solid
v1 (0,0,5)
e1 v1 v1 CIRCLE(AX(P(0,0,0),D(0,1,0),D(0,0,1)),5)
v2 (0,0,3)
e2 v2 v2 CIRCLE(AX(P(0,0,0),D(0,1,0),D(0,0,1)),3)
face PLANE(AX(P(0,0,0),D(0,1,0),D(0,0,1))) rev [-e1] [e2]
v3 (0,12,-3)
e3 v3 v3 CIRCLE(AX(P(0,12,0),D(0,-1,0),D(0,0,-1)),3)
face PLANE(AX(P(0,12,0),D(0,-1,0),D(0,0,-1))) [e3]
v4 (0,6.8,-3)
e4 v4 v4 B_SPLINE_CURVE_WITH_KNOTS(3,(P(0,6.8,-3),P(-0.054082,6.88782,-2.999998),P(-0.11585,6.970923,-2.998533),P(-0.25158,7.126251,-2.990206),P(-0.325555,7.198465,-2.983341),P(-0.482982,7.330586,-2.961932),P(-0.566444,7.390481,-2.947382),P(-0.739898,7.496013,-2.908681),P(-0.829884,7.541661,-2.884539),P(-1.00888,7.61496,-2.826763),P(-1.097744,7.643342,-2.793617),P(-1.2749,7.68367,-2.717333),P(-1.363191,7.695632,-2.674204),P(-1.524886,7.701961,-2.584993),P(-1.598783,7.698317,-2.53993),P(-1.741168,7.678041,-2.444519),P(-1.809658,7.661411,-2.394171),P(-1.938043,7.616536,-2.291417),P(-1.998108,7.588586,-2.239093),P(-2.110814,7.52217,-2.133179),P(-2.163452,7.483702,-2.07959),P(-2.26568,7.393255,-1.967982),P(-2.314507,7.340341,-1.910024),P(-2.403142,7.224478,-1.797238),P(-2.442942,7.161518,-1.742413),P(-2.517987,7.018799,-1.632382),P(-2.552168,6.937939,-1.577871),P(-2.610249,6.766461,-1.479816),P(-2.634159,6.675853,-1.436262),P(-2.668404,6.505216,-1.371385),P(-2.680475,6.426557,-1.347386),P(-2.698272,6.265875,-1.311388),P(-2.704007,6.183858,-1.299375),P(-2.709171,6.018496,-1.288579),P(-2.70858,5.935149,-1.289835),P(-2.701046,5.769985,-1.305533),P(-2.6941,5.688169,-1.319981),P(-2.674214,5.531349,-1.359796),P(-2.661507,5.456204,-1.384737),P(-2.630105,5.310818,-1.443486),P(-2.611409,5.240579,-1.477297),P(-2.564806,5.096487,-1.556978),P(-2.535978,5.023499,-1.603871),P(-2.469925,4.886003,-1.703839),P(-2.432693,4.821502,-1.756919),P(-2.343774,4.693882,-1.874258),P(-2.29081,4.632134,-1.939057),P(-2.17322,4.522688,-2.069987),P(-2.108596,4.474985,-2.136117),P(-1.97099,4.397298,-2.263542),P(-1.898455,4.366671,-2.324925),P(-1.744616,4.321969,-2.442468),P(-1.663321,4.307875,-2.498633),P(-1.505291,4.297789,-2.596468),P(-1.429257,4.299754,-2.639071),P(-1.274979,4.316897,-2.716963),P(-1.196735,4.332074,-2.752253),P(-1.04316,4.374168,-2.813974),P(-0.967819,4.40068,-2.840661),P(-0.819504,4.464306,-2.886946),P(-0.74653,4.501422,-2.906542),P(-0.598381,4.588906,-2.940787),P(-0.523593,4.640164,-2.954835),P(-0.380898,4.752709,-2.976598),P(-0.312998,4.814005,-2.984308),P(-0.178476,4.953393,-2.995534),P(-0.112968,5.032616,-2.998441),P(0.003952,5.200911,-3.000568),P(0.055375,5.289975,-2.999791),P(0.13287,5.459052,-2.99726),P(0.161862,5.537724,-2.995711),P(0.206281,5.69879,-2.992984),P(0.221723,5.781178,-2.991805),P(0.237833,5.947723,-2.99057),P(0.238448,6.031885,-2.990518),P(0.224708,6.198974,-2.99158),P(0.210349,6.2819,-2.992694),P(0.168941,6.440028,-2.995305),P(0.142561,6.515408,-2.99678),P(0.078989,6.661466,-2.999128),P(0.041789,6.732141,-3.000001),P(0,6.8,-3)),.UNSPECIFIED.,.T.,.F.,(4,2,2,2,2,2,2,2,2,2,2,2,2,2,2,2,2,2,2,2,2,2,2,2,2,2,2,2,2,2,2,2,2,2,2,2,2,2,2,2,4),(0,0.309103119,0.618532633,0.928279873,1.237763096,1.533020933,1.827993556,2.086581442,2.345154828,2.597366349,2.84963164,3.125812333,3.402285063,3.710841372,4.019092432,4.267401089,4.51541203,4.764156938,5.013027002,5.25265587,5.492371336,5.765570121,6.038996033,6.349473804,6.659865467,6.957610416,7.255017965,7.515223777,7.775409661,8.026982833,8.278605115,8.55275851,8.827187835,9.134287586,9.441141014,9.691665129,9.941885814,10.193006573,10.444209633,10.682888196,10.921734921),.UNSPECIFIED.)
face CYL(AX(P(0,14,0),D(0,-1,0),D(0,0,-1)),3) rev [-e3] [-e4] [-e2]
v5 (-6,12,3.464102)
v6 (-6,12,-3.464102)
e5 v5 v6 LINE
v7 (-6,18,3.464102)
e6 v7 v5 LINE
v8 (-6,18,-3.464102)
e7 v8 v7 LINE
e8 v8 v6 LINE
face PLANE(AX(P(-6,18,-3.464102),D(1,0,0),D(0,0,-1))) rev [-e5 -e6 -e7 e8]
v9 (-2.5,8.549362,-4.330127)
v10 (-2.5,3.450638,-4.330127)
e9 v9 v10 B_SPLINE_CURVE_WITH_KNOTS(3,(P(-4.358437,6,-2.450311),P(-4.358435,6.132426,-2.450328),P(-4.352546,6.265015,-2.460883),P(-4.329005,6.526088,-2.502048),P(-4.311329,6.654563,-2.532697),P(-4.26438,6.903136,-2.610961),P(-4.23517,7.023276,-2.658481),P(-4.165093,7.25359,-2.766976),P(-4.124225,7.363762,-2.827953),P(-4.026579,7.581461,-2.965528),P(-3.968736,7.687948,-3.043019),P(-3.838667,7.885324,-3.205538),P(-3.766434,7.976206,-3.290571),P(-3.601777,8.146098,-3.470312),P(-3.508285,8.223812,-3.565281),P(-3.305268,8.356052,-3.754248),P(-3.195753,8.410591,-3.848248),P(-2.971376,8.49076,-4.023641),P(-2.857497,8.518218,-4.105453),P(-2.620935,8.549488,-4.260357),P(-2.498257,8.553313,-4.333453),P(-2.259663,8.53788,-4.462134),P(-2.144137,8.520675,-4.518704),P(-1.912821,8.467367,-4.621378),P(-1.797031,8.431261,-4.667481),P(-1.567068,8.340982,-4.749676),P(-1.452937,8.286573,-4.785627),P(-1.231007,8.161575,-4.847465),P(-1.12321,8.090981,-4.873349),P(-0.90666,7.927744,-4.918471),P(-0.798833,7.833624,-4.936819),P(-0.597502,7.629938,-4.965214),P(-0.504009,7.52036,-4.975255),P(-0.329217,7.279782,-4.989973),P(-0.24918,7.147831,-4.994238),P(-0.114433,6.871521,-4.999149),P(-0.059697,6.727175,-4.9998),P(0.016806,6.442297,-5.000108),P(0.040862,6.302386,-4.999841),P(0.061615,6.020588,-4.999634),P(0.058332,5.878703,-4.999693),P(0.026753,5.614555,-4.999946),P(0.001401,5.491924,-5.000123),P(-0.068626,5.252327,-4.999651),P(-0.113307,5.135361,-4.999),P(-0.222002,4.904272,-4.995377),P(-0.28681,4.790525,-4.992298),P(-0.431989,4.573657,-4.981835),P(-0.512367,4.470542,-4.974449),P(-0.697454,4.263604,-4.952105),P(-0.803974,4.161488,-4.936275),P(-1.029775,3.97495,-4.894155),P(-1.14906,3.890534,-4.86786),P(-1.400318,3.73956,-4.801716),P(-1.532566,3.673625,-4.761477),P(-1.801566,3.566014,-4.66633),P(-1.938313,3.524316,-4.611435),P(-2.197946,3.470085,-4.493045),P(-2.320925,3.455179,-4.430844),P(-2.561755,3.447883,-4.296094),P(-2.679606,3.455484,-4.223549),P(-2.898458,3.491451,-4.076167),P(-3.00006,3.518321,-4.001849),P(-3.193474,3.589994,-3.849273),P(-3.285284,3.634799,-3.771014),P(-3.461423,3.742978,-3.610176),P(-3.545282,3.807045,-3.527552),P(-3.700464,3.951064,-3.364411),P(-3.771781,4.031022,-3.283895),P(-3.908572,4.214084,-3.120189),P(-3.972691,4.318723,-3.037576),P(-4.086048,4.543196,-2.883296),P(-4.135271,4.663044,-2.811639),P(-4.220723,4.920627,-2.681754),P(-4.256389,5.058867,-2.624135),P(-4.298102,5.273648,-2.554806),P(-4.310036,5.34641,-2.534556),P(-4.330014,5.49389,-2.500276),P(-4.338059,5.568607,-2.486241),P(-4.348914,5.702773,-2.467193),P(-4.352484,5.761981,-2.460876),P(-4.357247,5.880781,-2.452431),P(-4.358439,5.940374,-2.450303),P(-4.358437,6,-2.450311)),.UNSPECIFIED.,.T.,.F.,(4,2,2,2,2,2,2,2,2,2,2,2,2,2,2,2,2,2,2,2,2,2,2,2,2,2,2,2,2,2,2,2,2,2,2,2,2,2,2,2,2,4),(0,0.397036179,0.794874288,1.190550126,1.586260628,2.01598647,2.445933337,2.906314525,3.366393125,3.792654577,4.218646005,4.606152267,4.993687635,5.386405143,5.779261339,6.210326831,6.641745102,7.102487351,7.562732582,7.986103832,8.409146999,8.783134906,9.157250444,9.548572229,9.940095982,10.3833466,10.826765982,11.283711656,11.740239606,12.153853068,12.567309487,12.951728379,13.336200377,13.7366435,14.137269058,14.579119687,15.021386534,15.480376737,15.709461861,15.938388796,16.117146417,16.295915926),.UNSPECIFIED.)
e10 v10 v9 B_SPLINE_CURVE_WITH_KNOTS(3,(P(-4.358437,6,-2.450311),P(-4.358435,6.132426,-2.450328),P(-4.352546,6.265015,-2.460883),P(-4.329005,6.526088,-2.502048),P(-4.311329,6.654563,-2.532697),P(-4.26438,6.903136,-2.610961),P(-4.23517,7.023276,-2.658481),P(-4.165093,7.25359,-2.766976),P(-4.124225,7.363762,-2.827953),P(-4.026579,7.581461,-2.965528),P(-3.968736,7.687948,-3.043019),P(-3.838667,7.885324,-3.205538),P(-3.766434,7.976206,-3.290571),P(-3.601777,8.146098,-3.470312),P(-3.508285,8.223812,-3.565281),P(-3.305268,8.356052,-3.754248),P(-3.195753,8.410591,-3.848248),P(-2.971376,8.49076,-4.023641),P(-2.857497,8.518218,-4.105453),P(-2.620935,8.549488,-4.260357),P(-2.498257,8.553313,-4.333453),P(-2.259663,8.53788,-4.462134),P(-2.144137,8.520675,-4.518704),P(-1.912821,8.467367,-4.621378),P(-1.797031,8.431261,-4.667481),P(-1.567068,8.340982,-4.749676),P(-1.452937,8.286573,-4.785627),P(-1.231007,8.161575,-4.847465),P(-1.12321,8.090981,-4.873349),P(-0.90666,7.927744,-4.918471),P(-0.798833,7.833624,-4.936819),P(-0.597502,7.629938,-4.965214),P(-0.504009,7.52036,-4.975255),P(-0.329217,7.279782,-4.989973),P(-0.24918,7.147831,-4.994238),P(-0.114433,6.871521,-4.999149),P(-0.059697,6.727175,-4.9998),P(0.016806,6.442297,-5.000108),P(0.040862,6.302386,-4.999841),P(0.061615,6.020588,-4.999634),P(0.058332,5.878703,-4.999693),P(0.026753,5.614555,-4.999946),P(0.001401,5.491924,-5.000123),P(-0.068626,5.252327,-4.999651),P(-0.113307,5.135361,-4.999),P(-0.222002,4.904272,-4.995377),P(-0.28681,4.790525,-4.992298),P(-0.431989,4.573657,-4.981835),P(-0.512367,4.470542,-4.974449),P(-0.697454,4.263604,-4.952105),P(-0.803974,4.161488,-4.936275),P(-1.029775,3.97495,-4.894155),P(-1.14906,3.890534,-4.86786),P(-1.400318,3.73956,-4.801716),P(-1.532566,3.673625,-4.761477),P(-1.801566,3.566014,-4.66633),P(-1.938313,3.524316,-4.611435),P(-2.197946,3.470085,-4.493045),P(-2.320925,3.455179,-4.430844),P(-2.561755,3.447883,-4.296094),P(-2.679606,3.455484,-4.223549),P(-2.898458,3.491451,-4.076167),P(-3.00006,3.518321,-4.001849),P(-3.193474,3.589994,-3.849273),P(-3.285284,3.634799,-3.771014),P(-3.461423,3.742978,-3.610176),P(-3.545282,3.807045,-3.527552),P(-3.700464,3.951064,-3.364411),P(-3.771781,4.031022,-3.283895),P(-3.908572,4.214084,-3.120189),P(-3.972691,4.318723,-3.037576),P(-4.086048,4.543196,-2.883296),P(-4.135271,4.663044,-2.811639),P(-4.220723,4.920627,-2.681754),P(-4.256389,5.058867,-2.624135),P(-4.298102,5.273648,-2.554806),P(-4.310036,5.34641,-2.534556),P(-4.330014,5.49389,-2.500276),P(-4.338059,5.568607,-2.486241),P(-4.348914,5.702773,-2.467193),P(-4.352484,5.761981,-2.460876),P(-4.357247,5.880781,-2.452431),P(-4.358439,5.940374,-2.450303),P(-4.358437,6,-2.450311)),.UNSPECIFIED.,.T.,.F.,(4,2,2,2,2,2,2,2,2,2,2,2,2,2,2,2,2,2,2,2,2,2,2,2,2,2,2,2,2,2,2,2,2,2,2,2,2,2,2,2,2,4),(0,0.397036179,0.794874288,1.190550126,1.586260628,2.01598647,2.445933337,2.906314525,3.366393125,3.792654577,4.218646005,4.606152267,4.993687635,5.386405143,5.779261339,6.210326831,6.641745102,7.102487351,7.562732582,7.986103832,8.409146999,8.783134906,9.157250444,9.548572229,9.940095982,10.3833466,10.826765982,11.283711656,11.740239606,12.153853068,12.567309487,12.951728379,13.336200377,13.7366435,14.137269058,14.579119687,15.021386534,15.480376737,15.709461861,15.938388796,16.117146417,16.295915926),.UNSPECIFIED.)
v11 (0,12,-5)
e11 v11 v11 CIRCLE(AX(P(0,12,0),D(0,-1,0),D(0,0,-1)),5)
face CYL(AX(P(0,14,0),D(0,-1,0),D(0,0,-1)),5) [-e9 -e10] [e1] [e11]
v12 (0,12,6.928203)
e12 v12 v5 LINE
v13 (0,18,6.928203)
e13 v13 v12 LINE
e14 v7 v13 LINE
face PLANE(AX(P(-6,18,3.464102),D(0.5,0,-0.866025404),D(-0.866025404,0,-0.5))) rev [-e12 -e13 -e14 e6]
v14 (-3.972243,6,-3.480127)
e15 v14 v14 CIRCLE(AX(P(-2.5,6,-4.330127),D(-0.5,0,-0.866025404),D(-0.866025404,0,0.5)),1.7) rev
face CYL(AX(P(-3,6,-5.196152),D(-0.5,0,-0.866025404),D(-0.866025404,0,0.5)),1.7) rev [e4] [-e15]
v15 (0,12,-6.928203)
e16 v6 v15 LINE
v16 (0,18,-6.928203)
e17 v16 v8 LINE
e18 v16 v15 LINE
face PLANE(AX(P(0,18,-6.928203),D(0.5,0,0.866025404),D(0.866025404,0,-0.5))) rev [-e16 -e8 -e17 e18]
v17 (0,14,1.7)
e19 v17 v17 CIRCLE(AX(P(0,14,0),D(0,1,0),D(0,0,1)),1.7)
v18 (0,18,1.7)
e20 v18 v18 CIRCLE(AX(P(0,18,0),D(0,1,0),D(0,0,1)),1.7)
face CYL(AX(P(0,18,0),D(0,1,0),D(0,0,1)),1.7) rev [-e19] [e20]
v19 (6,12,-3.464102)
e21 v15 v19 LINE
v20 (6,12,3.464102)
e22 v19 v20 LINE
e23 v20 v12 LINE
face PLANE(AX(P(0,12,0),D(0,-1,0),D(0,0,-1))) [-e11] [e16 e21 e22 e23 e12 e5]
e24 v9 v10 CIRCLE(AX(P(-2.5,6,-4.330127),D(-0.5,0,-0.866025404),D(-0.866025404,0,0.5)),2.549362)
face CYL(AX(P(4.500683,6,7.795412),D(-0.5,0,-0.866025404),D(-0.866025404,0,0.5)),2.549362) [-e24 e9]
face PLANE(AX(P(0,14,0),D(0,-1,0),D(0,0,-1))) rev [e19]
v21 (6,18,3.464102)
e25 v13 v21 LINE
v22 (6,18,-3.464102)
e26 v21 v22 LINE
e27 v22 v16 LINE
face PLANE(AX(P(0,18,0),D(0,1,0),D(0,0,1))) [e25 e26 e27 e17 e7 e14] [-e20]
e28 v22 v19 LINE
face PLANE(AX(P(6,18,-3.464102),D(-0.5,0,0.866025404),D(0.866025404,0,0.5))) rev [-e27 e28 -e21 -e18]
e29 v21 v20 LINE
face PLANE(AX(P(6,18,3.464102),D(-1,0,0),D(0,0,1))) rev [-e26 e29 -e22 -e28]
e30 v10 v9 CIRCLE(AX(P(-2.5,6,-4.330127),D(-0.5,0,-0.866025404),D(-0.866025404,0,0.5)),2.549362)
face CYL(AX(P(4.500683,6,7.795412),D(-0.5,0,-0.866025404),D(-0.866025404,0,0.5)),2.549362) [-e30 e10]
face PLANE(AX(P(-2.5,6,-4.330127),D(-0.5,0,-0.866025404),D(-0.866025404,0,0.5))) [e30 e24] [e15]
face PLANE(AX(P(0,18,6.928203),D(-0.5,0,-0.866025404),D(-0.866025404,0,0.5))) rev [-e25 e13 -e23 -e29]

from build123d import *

# Parameters (mm, degrees)
SKETCH1_R                 = 5
SKETCH1_R_2               = 3
BOSS_EXTRUDE1_DEPTH       = 14
BOSS_EXTRUDE2_DEPTH       = 4
M3_CLEARANCE_HOLE1_D      = 3.4
M3_CLEARANCE_HOLE2_REACH  = 25.495
M3_CLEARANCE_HOLE2_BORE_R = 1.7
BOSS_EXTRUDE3_REACH       = 25.495
BOSS_EXTRUDE3_END_RADIUS  = 5
SKETCH11_R                = 2.549362178
SKETCH11_R_2              = 1.7
SKETCH14_R                = 2.549362178
CUT_EXTRUDE2_DEPTH        = 1
BOSS_EXTRUDE4_DEPTH       = 2


with BuildPart() as part:
    # Sketch1 → Boss-Extrude1 (new body)
    with BuildSketch(Plane(origin=(0, 0, 0), x_dir=(1, 0, 0), z_dir=(0, 1, 0))):
        with Locations(Location((0, 0, 0), (0, 0, 270))):
            Circle(SKETCH1_R)
        with Locations(Location((0, 0, 0), (0, 0, 270))):
            Circle(SKETCH1_R_2, mode=Mode.SUBTRACT)
    extrude(amount=BOSS_EXTRUDE1_DEPTH)

    # Sketch2 → Boss-Extrude2 (add)
    with BuildSketch(Plane(origin=(0, 14, 0), x_dir=(1, 0, 0), z_dir=(0, 1, 0))):
        Polygon((0, 6.92820323), (-6, 3.464101615), (-6, -3.464101615), (0, -6.92820323), (6, -3.464101615), (6, 3.464101615), align=None)
    extrude(amount=BOSS_EXTRUDE2_DEPTH)

    # M3 Clearance Hole1 (through all)
    with Locations(Plane(origin=(0, 18, 0), x_dir=(1, 0, 0), z_dir=(0, 1, 0))):
        with Locations((0, 0)):
            Hole(M3_CLEARANCE_HOLE1_D / 2)

    # M3 Clearance Hole2 bore → M3 Clearance Hole2 (cut, up to next)
    with BuildSketch(Plane(origin=(-3, 0, -5.196152423), x_dir=(-0.8660254037844386, 0, 0.5000000000000003), z_dir=(-0.5000000000000002, 0, -0.8660254037844385)), mode=Mode.PRIVATE) as m3_clearance_hole2_sk1:
        with Locations((0, 6)):
            Circle(M3_CLEARANCE_HOLE2_BORE_R)
    m3_clearance_hole2_tool1 = extrude(m3_clearance_hole2_sk1.sketch, amount=-M3_CLEARANCE_HOLE2_REACH, mode=Mode.PRIVATE) & part.part
    add(m3_clearance_hole2_tool1.solids().sort_by_distance((-3, 6, -5.196152))[0], mode=Mode.SUBTRACT)

    # Boss-Extrude3: up to this cylinder (the profile starts outside it)
    boss_extrude3_end = Plane(origin=(0, 6, 0), z_dir=(0, -1, 0)) * Cylinder(BOSS_EXTRUDE3_END_RADIUS, 61.99, mode=Mode.PRIVATE)
    # Sketch11 → Boss-Extrude3 (add, up to the surface)
    with BuildSketch(Plane(origin=(-3, 0, -5.196152423), x_dir=(-0.8660254037844386, 0, 0.5000000000000003), z_dir=(-0.5000000000000002, 0, -0.8660254037844385)), mode=Mode.PRIVATE) as boss_extrude3_sk1:
        with Locations((0, 6)):
            Circle(SKETCH11_R)
        with Locations((0, 6)):
            Circle(SKETCH11_R_2, mode=Mode.SUBTRACT)
    boss_extrude3_tool1 = extrude(boss_extrude3_sk1.sketch, amount=-BOSS_EXTRUDE3_REACH, mode=Mode.PRIVATE) - boss_extrude3_end
    add(boss_extrude3_tool1.solids().sort_by_distance((-0.854634, 6, -6.43478))[0])

    # Sketch14 → Cut-Extrude2 (cut)
    with BuildSketch(Plane(origin=(-3, 0, -5.196152423), x_dir=(-0.8660254037844384, 0, 0.5000000000000004), z_dir=(-0.5000000000000004, 0, -0.8660254037844384))):
        with Locations((0, 6)):
            Circle(SKETCH14_R)
    extrude(amount=-CUT_EXTRUDE2_DEPTH, mode=Mode.SUBTRACT)

    # Sketch19 → Boss-Extrude4 (add)
    with BuildSketch(Plane.XZ.offset(-14)):
        Polygon((0, -6.92820323), (6, -3.464101615), (6, 3.464101615), (0, 6.92820323), (-6, 3.464101615), (-6, -3.464101615), align=None)
    extrude(amount=BOSS_EXTRUDE4_DEPTH)


solid = part.part
